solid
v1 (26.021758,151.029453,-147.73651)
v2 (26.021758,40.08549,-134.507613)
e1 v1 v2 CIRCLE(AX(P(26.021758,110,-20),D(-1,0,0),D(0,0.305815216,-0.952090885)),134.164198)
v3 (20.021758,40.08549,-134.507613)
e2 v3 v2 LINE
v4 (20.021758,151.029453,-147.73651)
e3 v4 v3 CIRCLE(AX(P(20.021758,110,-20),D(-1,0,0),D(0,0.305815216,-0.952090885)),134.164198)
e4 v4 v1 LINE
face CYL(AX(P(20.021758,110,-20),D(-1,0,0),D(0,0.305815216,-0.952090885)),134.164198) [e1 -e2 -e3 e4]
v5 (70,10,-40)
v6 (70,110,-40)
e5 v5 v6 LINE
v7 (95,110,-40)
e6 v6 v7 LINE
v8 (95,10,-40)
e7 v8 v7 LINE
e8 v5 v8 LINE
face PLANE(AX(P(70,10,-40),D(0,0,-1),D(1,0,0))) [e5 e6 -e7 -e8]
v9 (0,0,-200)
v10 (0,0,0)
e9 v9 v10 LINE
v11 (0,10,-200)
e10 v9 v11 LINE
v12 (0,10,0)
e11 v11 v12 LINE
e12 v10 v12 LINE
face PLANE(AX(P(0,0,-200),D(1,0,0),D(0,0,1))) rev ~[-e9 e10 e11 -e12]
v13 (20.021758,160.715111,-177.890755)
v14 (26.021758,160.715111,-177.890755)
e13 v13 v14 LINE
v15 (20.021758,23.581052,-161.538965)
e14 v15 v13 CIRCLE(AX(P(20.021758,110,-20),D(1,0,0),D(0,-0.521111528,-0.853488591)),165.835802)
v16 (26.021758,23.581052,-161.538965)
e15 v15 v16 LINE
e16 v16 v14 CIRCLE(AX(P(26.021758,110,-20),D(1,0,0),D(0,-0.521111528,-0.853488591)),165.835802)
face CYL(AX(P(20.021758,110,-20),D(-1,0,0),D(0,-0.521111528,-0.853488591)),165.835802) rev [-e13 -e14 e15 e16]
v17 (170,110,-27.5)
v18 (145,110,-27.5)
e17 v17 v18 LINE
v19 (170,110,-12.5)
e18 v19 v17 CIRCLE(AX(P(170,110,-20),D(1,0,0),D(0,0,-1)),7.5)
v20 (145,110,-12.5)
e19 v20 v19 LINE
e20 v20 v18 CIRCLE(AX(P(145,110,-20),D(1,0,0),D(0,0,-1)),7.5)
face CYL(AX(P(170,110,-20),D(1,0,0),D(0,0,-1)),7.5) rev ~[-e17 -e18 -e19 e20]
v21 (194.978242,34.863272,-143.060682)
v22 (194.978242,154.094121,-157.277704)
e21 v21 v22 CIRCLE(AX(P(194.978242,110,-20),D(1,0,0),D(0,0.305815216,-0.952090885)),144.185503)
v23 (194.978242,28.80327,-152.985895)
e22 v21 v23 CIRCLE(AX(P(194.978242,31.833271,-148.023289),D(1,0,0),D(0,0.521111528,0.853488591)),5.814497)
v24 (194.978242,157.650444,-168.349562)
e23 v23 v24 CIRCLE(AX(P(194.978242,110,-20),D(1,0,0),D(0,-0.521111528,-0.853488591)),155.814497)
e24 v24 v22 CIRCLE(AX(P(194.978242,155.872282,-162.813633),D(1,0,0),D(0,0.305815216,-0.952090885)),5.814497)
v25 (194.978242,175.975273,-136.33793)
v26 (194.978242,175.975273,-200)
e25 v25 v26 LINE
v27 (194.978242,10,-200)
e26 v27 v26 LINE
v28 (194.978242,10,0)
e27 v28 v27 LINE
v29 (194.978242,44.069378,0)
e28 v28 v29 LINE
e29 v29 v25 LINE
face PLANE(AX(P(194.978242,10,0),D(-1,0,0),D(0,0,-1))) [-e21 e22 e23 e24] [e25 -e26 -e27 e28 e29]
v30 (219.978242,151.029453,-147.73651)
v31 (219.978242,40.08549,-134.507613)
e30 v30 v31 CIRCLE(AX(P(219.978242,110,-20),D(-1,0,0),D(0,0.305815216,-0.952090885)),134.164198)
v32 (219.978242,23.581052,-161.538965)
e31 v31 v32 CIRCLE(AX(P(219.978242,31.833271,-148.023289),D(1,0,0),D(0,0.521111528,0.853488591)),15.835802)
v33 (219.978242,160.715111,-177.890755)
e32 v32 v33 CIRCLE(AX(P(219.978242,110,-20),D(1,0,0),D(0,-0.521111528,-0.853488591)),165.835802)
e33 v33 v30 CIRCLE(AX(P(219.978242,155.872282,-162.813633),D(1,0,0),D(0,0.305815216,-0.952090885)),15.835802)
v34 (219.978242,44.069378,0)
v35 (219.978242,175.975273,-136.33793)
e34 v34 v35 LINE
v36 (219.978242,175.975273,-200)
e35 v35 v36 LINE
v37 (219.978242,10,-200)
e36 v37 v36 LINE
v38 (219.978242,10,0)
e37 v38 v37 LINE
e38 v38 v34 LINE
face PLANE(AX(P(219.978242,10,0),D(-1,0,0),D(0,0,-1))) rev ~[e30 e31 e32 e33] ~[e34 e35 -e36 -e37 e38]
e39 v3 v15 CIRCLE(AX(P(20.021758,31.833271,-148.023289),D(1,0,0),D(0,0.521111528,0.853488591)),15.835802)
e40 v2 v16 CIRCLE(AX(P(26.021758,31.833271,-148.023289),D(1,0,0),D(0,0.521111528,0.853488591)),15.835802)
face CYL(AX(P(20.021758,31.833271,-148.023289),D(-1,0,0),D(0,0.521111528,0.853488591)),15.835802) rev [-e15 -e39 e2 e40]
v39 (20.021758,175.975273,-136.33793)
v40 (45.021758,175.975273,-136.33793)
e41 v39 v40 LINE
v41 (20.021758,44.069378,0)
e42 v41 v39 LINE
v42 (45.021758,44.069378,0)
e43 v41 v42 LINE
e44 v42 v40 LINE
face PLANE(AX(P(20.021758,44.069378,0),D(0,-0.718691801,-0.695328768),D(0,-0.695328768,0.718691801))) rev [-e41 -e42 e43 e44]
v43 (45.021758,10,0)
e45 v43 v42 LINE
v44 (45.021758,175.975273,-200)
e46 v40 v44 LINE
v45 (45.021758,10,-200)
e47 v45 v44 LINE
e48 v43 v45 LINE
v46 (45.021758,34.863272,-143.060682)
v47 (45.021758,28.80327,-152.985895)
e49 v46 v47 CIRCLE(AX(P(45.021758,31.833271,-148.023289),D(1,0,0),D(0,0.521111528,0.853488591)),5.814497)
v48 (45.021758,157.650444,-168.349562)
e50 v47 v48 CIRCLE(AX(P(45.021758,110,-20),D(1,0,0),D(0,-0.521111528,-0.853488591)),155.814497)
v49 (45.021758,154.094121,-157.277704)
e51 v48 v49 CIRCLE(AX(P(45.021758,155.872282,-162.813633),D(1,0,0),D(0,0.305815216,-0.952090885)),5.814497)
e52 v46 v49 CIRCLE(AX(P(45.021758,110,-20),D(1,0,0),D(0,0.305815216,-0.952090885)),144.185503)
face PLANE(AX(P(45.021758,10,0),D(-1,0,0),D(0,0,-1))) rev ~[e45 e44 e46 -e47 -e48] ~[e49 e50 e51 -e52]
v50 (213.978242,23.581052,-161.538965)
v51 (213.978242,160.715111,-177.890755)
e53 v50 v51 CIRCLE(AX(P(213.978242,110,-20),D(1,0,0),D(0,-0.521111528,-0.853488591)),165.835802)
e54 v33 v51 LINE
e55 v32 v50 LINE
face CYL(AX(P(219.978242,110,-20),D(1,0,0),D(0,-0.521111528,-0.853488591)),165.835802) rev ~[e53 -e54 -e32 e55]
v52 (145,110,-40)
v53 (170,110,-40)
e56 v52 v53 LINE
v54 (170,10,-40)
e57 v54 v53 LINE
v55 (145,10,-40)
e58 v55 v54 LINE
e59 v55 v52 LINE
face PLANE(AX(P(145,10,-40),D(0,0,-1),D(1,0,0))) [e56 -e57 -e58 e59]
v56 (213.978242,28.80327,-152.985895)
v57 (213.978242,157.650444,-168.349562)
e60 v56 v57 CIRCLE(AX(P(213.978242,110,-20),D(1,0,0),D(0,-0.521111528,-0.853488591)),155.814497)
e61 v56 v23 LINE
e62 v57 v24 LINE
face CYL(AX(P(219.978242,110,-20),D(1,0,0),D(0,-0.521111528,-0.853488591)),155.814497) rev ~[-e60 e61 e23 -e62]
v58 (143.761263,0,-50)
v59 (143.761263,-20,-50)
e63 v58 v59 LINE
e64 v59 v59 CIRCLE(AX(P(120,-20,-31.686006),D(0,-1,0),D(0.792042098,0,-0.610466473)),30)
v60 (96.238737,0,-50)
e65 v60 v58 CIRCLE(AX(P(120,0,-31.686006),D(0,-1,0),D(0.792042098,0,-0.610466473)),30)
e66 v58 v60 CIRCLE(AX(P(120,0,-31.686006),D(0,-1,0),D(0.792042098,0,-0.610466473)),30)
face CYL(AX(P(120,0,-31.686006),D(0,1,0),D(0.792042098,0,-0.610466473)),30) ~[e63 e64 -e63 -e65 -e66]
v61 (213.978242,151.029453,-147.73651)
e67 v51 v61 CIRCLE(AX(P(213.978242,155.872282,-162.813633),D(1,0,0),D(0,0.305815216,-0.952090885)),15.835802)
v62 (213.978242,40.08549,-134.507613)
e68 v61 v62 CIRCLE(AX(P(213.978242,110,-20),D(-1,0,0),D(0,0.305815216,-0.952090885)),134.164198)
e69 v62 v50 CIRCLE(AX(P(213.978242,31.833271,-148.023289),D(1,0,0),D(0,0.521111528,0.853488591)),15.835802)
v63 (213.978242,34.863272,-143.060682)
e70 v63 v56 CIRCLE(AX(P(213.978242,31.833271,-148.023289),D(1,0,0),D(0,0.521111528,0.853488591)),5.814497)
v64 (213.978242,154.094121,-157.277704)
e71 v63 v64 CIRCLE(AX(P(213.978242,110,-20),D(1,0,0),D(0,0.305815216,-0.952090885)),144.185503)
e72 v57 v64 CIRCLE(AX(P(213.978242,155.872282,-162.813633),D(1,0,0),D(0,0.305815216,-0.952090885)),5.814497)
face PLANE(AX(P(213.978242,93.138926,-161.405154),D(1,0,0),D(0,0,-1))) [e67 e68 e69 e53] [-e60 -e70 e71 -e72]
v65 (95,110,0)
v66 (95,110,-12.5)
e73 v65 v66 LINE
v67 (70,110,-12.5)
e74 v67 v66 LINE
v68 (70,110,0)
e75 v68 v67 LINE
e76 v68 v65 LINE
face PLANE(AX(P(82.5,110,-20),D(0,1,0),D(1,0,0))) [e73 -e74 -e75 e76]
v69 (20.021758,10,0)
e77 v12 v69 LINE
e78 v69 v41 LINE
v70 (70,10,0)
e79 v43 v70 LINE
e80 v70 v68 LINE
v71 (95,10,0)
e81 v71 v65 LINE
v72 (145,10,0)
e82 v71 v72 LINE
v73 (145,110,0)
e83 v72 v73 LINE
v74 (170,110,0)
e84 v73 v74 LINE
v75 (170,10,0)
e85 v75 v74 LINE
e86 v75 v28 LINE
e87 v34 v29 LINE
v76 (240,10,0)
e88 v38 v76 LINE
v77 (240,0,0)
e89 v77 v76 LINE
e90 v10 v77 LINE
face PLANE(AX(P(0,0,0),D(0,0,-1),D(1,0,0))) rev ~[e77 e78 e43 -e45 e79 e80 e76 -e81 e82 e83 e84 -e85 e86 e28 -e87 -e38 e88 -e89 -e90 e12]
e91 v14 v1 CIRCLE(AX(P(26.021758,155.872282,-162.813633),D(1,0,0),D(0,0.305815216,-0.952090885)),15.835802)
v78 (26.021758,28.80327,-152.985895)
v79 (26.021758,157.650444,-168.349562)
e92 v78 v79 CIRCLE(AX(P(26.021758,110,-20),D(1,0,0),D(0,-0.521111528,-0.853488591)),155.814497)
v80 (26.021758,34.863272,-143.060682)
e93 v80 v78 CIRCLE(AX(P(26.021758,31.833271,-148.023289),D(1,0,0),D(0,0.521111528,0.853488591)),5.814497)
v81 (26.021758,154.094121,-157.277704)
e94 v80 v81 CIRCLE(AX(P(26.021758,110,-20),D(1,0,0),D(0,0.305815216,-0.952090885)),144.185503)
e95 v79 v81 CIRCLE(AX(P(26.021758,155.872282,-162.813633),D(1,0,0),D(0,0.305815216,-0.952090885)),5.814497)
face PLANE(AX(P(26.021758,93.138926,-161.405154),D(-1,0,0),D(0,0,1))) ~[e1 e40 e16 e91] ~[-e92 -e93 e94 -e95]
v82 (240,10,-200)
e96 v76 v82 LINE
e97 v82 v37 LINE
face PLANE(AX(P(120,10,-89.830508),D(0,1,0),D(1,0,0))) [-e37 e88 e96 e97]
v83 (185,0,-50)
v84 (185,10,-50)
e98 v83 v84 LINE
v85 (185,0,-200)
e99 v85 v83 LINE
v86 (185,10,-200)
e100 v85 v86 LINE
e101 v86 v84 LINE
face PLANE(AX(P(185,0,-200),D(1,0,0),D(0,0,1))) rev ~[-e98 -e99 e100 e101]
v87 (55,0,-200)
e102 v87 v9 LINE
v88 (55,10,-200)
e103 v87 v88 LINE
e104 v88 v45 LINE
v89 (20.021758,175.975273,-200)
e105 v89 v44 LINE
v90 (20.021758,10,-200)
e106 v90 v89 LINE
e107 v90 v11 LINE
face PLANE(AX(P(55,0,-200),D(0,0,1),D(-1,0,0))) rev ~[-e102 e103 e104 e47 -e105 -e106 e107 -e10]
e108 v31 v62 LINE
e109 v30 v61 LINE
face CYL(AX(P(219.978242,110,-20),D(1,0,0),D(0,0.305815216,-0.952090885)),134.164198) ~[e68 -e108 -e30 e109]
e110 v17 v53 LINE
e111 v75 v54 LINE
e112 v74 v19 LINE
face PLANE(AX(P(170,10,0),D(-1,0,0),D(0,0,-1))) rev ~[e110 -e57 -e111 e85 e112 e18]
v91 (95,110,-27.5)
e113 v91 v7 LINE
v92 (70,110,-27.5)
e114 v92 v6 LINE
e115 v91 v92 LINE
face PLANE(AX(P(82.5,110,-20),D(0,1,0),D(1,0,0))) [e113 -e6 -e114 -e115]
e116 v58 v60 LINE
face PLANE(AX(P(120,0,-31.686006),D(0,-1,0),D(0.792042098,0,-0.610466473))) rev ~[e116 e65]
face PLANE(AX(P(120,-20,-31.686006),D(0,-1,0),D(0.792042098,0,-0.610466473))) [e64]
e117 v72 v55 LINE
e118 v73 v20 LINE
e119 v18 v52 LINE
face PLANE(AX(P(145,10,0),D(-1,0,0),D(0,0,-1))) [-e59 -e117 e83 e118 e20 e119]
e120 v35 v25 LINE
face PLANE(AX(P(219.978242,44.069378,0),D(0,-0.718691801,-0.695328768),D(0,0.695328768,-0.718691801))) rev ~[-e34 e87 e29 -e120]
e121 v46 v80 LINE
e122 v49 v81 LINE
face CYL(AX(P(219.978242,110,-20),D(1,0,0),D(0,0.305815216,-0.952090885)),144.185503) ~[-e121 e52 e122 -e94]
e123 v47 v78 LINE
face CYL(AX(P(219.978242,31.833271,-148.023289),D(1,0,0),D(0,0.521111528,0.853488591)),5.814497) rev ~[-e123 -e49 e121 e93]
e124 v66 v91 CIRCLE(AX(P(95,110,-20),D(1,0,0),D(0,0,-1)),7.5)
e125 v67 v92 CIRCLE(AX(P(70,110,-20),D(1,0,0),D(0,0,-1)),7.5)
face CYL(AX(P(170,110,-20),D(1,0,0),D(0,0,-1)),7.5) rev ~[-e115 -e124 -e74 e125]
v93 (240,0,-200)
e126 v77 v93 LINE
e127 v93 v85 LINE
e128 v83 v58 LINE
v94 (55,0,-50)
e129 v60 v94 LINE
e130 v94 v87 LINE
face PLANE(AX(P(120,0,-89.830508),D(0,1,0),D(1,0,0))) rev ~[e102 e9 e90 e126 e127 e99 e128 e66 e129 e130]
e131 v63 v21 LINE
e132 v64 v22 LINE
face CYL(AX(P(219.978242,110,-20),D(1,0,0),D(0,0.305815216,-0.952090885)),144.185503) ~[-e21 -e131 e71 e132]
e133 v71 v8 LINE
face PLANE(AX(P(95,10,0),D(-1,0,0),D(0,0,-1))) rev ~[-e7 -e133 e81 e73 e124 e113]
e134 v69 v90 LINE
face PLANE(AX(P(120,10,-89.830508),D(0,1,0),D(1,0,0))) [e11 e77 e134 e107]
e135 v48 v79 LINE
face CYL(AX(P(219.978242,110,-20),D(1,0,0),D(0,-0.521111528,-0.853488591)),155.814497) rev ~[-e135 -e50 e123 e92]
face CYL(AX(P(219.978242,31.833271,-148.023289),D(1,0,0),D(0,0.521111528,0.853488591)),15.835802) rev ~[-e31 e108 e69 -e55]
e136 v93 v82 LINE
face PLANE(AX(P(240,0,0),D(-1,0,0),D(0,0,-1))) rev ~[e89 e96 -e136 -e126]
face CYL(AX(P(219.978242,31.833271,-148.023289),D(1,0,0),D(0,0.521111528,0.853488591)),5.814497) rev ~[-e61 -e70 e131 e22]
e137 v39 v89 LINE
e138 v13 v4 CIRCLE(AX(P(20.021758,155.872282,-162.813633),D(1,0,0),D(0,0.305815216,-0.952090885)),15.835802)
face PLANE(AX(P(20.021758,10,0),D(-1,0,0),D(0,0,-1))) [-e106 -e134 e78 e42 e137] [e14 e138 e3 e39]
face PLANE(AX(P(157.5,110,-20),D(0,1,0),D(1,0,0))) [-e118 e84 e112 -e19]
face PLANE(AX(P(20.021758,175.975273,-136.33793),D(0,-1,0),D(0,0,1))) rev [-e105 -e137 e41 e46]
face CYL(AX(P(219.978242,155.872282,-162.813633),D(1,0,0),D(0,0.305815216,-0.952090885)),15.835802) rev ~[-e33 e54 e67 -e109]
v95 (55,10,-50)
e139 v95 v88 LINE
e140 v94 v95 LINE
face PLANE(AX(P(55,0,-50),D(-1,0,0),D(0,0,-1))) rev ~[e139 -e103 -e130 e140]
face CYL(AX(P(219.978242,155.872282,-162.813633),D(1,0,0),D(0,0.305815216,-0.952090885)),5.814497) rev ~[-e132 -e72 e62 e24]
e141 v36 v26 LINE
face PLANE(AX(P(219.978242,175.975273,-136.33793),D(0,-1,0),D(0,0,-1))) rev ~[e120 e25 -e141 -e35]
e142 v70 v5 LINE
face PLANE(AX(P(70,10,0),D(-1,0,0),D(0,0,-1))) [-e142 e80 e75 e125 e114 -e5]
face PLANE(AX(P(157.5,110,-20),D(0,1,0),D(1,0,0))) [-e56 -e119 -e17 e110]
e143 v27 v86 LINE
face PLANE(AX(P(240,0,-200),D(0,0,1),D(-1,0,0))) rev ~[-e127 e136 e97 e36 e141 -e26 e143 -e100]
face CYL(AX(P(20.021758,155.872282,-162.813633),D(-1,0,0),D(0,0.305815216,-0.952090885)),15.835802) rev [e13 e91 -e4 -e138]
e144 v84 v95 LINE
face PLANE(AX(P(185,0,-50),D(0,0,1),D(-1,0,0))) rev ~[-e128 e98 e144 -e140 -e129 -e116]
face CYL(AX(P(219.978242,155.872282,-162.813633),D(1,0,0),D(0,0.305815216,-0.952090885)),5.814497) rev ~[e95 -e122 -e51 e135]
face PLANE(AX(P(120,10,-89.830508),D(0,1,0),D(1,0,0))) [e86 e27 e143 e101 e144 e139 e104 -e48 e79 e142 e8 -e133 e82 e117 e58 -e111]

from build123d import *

# Parameters (mm, degrees)
AUFSATZ_LINEAR_AUSTRAGEN1_DEPTH = 10
SKIZZE2_W                       = 25
SKIZZE2_H                       = 40
AUFSATZ_LINEAR_AUSTRAGEN2_DEPTH = 100
SKIZZE3_R                       = 7.5
SCHNITT_LINEAR_AUSTRAGEN1_DEPTH = 285.604989415
SKIZZE4_W                       = 25
SKIZZE4_H                       = 200
AUFSATZ_LINEAR_AUSTRAGEN3_DEPTH = 200
SCHNITT_LINEAR_AUSTRAGEN4_REACH = 365.992
SCHNITT_LINEAR_AUSTRAGEN3_DEPTH = 364.992344743
SCHNITT_LINEAR_AUSTRAGEN5_DEPTH = 6
SKIZZE9_R                       = 30
AUFSATZ_LINEAR_AUSTRAGEN4_DEPTH = 20


with BuildPart() as part:
    # Skizze1 → Aufsatz-Linear austragen1 (new body)
    with BuildSketch(Plane(origin=(0, 0, 0), x_dir=(1, 0, 0), z_dir=(0, 1, 0))):
        Polygon((0, 0), (240, 0), (240, 200), (185, 200), (185, 50), (55, 50), (55, 200), (0, 200), align=None)
    extrude(amount=AUFSATZ_LINEAR_AUSTRAGEN1_DEPTH)

    # Skizze2 → Aufsatz-Linear austragen2 (add)
    with BuildSketch(Plane(origin=(0, 10, 0), x_dir=(1, 0, 0), z_dir=(0, 1, 0))):
        with Locations((157.5, 20)):
            Rectangle(SKIZZE2_W, SKIZZE2_H)
        with Locations((82.5, 20)):
            Rectangle(SKIZZE2_W, SKIZZE2_H)
    extrude(amount=AUFSATZ_LINEAR_AUSTRAGEN2_DEPTH)

    # Skizze3 → Schnitt-Linear austragen1 (cut, through all)
    with BuildSketch(Plane(origin=(170, 0, 0), x_dir=(0, 0, -1), z_dir=(1, 0, 0))):
        with Locations((20, 110)):
            Circle(SKIZZE3_R)
    extrude(amount=-SCHNITT_LINEAR_AUSTRAGEN1_DEPTH, mode=Mode.SUBTRACT)

    # Skizze4 → Aufsatz-Linear austragen3 (add)
    with BuildSketch(Plane(origin=(0, 10, 0), x_dir=(1, 0, 0), z_dir=(0, 1, 0))):
        with Locations((207.478242177, 100)):
            Rectangle(SKIZZE4_W, SKIZZE4_H)
        with Locations((32.521757823, 100)):
            Rectangle(SKIZZE4_W, SKIZZE4_H)
    extrude(amount=AUFSATZ_LINEAR_AUSTRAGEN3_DEPTH)

    # Skizze7 → Schnitt-Linear austragen4 (cut, up to next)
    with BuildSketch(Plane(origin=(219.978242177, 0, 0), x_dir=(0, 0, -1), z_dir=(1, 0, 0)), mode=Mode.PRIVATE) as schnitt_linear_austragen4_sk1:
        Polygon((0, 44.069377938), (136.337930206, 175.975272551), (200, 175.975272551), (200, 225.622509637), (-41.808038164, 225.622509637), align=None)
    schnitt_linear_austragen4_tool1 = extrude(schnitt_linear_austragen4_sk1.sketch, amount=-SCHNITT_LINEAR_AUSTRAGEN4_REACH, mode=Mode.PRIVATE) & part.part
    schnitt_linear_austragen4 = schnitt_linear_austragen4_tool1.solids().sort_by_distance((219.978242, 167.605519, -59.370877))[0]
    add(schnitt_linear_austragen4, mode=Mode.SUBTRACT)

    # Skizze6 → Schnitt-Linear austragen3 (cut, through all)
    with BuildSketch(Plane(origin=(219.978242177, 0, 0), x_dir=(0, 0, -1), z_dir=(1, 0, 0))):
        with BuildLine():
            ThreePointArc((152.985895116, 28.803269607), (174.718481208, 91.551452657), (168.349561926, 157.650443887))
            ThreePointArc((168.349561926, 157.650443887), (161.035471277, 161.408211518), (157.277703645, 154.094120869))
            ThreePointArc((157.277703645, 154.094120869), (163.171287707, 92.928333715), (143.060682227, 34.863271943))
            ThreePointArc((143.060682227, 34.863271943), (144.993287504, 26.870664331), (152.985895116, 28.803269607))
        make_face()
    extrude(amount=-SCHNITT_LINEAR_AUSTRAGEN3_DEPTH, mode=Mode.SUBTRACT)

    # Skizze8 → Schnitt-Linear austragen5 (cut)
    with BuildSketch(Plane(origin=(219.978242177, 0, 0), x_dir=(0, 0, -1), z_dir=(1, 0, 0))):
        with BuildLine():
            ThreePointArc((161.538964629, 23.581052028), (184.669295342, 90.364923006), (177.890755105, 160.715111448))
            ThreePointArc((177.890755105, 160.715111448), (157.970803716, 170.949404697), (147.736510466, 151.029453308))
            ThreePointArc((147.736510466, 151.029453308), (153.220473573, 94.114863367), (134.507612714, 40.085489522))
            ThreePointArc((134.507612714, 40.085489522), (139.771069924, 18.317594818), (161.538964629, 23.581052028))
        make_face()
    schnitt_linear_austragen5 = extrude(amount=-SCHNITT_LINEAR_AUSTRAGEN5_DEPTH, mode=Mode.SUBTRACT)

    # Spiegeln1: Schnitt-Linear austragen4, Schnitt-Linear austragen5 across plane
    add(schnitt_linear_austragen4.mirror(Plane(origin=(120, 0, 0), x_dir=(0, 0, 1), z_dir=(1, 0, 0))), mode=Mode.SUBTRACT)
    add(schnitt_linear_austragen5.mirror(Plane(origin=(120, 0, 0), x_dir=(0, 0, 1), z_dir=(1, 0, 0))), mode=Mode.SUBTRACT)

    # Skizze9 → Aufsatz-Linear austragen4 (add)
    with BuildSketch(Plane.XZ):
        with Locations(Location((120, -31.686005805, 0), (0, 0, 322.37676034))):
            Circle(SKIZZE9_R)
    extrude(amount=AUFSATZ_LINEAR_AUSTRAGEN4_DEPTH)


solid = part.part
